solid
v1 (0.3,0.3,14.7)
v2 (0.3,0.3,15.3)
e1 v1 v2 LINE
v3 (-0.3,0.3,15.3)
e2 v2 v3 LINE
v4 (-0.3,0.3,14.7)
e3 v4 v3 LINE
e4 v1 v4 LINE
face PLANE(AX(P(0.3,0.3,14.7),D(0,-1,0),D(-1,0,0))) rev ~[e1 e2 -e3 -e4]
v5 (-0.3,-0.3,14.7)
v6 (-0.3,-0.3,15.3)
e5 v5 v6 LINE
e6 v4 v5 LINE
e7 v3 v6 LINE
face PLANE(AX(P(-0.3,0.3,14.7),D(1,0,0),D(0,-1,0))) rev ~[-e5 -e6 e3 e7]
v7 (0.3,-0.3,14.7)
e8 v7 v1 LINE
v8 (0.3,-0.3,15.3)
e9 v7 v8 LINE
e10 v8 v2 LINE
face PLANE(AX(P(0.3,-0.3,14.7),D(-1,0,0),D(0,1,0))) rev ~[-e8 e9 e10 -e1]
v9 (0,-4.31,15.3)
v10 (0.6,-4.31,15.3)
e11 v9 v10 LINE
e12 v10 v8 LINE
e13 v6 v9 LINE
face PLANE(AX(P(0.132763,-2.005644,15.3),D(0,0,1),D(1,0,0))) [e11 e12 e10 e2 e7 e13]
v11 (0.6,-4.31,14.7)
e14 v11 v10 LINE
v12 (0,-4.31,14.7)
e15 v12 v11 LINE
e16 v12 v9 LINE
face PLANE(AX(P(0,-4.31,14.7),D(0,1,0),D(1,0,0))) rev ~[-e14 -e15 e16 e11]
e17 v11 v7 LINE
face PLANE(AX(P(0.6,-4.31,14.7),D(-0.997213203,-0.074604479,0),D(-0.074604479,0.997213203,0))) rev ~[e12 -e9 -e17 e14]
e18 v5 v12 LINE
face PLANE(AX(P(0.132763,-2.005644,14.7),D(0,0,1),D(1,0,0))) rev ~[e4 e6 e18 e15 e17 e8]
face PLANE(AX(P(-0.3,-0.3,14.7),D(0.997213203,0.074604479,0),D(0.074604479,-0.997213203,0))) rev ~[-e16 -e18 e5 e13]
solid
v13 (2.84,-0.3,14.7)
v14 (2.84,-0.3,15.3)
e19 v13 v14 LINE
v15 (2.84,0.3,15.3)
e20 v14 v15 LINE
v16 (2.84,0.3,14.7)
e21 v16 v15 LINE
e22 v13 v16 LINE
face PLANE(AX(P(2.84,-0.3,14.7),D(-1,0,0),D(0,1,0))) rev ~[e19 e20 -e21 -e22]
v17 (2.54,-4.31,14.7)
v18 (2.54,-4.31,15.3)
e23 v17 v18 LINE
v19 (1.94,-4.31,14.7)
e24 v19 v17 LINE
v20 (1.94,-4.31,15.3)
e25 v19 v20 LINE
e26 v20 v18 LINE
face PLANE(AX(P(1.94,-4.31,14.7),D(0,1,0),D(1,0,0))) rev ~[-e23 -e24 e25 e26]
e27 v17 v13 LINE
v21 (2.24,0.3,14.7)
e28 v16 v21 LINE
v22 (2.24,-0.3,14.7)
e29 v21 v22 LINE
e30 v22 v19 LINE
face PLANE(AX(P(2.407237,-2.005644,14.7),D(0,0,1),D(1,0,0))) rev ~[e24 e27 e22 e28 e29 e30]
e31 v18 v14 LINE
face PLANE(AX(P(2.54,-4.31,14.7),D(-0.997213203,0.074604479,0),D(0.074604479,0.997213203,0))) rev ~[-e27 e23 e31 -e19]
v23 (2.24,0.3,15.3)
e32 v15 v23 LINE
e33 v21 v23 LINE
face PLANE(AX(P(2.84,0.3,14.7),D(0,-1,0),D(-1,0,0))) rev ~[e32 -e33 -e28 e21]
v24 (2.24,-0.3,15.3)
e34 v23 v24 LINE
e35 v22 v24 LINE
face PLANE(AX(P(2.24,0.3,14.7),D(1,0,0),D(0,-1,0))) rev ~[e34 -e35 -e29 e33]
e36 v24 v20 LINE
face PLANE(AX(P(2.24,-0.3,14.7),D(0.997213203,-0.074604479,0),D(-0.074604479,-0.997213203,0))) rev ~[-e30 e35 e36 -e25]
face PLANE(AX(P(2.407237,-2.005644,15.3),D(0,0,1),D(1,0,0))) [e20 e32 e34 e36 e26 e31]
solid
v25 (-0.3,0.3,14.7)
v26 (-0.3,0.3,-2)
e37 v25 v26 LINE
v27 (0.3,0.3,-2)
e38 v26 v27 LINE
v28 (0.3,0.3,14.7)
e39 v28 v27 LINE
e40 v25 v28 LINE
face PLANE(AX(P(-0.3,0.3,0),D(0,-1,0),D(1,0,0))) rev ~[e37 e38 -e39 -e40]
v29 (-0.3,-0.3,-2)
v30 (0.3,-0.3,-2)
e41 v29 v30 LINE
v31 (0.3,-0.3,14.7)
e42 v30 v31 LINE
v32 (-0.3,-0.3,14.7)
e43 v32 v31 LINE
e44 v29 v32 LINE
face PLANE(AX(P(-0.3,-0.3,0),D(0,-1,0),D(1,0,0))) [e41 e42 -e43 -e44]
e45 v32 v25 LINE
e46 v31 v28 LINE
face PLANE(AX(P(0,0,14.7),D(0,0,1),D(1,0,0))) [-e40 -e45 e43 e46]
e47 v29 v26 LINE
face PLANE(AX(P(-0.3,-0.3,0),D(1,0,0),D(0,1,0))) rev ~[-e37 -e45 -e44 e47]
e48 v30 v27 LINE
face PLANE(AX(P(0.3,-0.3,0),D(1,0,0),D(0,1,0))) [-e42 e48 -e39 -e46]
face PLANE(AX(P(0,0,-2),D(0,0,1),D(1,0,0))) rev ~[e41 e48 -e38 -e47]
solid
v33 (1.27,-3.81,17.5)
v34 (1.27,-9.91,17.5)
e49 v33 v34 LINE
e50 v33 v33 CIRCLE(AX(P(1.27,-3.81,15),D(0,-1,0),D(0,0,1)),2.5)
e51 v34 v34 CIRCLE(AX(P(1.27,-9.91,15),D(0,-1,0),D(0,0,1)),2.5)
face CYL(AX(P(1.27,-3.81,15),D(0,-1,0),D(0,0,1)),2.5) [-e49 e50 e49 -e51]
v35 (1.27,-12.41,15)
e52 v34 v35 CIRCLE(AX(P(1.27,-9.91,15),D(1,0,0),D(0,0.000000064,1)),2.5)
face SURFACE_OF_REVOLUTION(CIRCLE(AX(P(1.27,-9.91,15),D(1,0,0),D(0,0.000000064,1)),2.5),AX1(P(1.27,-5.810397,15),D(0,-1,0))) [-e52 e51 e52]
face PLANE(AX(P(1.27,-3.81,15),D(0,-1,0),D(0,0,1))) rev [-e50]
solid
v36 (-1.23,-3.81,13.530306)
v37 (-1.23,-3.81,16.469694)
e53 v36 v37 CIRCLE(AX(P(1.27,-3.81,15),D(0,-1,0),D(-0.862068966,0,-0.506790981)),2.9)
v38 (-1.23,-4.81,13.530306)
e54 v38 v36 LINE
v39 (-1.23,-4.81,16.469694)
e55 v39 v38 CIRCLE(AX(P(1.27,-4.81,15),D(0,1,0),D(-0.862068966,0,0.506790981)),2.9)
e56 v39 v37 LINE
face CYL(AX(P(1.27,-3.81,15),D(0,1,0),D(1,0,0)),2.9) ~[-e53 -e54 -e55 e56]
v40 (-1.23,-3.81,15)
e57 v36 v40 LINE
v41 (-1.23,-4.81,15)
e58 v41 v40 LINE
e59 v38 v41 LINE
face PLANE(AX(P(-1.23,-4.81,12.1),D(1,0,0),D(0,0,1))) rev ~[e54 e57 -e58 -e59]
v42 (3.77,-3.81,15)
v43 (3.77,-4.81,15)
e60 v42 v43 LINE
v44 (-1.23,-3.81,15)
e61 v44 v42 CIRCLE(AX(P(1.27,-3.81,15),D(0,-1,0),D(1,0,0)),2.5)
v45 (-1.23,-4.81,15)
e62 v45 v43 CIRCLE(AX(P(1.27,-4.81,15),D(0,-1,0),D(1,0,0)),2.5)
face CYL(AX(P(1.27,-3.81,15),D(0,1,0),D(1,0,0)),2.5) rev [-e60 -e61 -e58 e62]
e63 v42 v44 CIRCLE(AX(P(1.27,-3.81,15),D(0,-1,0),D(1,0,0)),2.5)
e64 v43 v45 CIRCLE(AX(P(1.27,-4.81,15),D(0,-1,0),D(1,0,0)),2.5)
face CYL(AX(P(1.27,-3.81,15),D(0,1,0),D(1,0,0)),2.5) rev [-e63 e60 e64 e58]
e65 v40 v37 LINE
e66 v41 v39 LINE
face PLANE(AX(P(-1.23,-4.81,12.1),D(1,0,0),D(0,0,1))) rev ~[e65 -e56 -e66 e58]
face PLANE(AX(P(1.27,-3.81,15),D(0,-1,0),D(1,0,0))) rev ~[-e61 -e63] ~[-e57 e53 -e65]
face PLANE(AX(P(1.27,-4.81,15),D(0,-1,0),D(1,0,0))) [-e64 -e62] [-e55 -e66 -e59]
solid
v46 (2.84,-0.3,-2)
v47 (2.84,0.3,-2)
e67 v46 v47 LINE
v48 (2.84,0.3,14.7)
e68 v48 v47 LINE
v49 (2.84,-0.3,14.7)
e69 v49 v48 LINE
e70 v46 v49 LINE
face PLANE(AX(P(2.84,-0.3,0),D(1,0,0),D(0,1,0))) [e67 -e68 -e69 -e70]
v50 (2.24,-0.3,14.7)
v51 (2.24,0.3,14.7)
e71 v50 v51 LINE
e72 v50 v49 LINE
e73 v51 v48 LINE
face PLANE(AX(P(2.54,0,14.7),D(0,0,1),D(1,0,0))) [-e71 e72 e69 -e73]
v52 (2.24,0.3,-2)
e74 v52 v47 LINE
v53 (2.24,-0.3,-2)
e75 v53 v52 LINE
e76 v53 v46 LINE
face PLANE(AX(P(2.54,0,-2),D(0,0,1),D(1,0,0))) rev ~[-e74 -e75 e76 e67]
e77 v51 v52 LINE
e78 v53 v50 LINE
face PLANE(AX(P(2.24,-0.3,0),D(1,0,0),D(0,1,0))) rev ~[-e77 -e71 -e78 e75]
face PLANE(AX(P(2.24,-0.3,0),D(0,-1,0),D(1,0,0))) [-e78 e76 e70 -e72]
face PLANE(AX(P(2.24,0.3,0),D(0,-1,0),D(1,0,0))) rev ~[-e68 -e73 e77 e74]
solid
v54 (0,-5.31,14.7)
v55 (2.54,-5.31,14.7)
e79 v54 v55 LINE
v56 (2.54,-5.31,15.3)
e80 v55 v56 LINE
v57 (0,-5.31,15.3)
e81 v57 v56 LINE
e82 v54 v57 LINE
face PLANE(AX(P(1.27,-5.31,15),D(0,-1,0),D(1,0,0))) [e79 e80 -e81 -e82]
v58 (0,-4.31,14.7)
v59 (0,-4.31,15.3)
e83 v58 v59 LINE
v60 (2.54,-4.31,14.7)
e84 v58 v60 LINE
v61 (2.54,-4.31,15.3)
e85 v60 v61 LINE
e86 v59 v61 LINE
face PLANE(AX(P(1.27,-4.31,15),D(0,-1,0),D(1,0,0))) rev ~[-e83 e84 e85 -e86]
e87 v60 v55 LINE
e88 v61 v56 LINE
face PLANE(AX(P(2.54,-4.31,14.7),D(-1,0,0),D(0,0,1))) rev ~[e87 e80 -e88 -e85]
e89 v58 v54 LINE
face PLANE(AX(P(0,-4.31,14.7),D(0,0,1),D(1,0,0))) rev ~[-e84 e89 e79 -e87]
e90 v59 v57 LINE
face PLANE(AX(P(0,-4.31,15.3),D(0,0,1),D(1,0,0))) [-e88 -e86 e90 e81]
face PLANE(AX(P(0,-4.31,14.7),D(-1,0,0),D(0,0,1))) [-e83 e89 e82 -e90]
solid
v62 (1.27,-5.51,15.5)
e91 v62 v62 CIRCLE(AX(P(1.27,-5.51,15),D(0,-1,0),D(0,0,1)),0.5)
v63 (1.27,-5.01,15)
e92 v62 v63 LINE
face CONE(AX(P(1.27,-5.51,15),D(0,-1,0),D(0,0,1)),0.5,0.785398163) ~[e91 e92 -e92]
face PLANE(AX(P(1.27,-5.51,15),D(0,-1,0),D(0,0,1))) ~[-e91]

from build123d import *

# Parameters (mm, degrees)
SKETCH_W       = 0.6
SKETCH_H       = 0.6
PAD_DEPTH      = 14.7
PAD_DEPTH_BACK = 2
PAD001_DEPTH   = 0.6
SKETCH002_W    = 2.54
SKETCH002_H    = 0.6
PAD002_DEPTH   = 1
SKETCH004_R    = 2.9
SKETCH004_R_2  = 2.5
PAD003_DEPTH   = 1
SKETCH006_W    = 0.4
SKETCH006_H    = 5.8
POCKET_DEPTH   = 1.001


with BuildPart() as pad:
    # Sketch → Pad (new body, two sides)
    with BuildSketch(Plane.XY) as pad_sk:
        Rectangle(SKETCH_W, SKETCH_H)
        with Locations((2.54, 0)):
            Rectangle(SKETCH_W, SKETCH_H)
    extrude(amount=PAD_DEPTH)
    extrude(pad_sk.sketch, amount=-PAD_DEPTH_BACK)


with BuildPart() as pad001:
    # Sketch001 → Pad001 (new body)
    with BuildSketch(Plane.XY.offset(14.7)):
        Polygon((0.3, 0.3), (-0.3, 0.3), (-0.3, -0.3), (0, -4.31), (0.6, -4.31), (0.3, -0.3), align=None)
        Polygon((2.84, 0.3), (2.24, 0.3), (2.24, -0.3), (1.94, -4.31), (2.54, -4.31), (2.84, -0.3), align=None)
    extrude(amount=PAD001_DEPTH)


with BuildPart() as pad002:
    # Sketch002 → Pad002 (new body)
    with BuildSketch(Plane.XZ.offset(4.31)):
        with Locations((1.27, 15)):
            Rectangle(SKETCH002_W, SKETCH002_H)
    extrude(amount=PAD002_DEPTH)


with BuildPart() as revolution:
    # Sketch003 → Revolution (revolve)
    with BuildSketch(Plane.YZ.offset(1.27)):
        with BuildLine():
            Line((-3.81, 15), (-12.41, 15))
            ThreePointArc((-9.91, 17.5), (-11.677767, 16.767767), (-12.41, 15))
            Line((-3.81, 17.5), (-9.91, 17.5))
            Line((-3.81, 15), (-3.81, 17.5))
        make_face()
    revolve(axis=Axis((1.27, -5.810397, 15), (0, -1, 0)))


with BuildPart() as revolution001:
    # Sketch005 → Revolution001 (revolve)
    with BuildSketch(Plane.YZ.offset(1.27)):
        Polygon((-5.01, 15), (-5.51, 15), (-5.51, 15.5), align=None)
    revolve(axis=Axis((1.27, -3.977201, 15), (0, -1, 0)))


with BuildPart() as pocket:
    # Sketch004 → Pad003 (new body)
    with BuildSketch(Plane.XZ.offset(3.81)):
        with Locations((1.27, 15)):
            Circle(SKETCH004_R)
        with Locations((1.27, 15)):
            Circle(SKETCH004_R_2, mode=Mode.SUBTRACT)
    extrude(amount=PAD003_DEPTH)

    # Sketch006 → Pocket (cut, through all)
    with BuildSketch(Plane.XZ.offset(4.81)):
        with Locations((-1.43, 15)):
            Rectangle(SKETCH006_W, SKETCH006_H)
    extrude(amount=-POCKET_DEPTH, mode=Mode.SUBTRACT)


solid = Compound([pad.part, pad001.part, pad002.part, revolution.part, revolution001.part, pocket.part])
